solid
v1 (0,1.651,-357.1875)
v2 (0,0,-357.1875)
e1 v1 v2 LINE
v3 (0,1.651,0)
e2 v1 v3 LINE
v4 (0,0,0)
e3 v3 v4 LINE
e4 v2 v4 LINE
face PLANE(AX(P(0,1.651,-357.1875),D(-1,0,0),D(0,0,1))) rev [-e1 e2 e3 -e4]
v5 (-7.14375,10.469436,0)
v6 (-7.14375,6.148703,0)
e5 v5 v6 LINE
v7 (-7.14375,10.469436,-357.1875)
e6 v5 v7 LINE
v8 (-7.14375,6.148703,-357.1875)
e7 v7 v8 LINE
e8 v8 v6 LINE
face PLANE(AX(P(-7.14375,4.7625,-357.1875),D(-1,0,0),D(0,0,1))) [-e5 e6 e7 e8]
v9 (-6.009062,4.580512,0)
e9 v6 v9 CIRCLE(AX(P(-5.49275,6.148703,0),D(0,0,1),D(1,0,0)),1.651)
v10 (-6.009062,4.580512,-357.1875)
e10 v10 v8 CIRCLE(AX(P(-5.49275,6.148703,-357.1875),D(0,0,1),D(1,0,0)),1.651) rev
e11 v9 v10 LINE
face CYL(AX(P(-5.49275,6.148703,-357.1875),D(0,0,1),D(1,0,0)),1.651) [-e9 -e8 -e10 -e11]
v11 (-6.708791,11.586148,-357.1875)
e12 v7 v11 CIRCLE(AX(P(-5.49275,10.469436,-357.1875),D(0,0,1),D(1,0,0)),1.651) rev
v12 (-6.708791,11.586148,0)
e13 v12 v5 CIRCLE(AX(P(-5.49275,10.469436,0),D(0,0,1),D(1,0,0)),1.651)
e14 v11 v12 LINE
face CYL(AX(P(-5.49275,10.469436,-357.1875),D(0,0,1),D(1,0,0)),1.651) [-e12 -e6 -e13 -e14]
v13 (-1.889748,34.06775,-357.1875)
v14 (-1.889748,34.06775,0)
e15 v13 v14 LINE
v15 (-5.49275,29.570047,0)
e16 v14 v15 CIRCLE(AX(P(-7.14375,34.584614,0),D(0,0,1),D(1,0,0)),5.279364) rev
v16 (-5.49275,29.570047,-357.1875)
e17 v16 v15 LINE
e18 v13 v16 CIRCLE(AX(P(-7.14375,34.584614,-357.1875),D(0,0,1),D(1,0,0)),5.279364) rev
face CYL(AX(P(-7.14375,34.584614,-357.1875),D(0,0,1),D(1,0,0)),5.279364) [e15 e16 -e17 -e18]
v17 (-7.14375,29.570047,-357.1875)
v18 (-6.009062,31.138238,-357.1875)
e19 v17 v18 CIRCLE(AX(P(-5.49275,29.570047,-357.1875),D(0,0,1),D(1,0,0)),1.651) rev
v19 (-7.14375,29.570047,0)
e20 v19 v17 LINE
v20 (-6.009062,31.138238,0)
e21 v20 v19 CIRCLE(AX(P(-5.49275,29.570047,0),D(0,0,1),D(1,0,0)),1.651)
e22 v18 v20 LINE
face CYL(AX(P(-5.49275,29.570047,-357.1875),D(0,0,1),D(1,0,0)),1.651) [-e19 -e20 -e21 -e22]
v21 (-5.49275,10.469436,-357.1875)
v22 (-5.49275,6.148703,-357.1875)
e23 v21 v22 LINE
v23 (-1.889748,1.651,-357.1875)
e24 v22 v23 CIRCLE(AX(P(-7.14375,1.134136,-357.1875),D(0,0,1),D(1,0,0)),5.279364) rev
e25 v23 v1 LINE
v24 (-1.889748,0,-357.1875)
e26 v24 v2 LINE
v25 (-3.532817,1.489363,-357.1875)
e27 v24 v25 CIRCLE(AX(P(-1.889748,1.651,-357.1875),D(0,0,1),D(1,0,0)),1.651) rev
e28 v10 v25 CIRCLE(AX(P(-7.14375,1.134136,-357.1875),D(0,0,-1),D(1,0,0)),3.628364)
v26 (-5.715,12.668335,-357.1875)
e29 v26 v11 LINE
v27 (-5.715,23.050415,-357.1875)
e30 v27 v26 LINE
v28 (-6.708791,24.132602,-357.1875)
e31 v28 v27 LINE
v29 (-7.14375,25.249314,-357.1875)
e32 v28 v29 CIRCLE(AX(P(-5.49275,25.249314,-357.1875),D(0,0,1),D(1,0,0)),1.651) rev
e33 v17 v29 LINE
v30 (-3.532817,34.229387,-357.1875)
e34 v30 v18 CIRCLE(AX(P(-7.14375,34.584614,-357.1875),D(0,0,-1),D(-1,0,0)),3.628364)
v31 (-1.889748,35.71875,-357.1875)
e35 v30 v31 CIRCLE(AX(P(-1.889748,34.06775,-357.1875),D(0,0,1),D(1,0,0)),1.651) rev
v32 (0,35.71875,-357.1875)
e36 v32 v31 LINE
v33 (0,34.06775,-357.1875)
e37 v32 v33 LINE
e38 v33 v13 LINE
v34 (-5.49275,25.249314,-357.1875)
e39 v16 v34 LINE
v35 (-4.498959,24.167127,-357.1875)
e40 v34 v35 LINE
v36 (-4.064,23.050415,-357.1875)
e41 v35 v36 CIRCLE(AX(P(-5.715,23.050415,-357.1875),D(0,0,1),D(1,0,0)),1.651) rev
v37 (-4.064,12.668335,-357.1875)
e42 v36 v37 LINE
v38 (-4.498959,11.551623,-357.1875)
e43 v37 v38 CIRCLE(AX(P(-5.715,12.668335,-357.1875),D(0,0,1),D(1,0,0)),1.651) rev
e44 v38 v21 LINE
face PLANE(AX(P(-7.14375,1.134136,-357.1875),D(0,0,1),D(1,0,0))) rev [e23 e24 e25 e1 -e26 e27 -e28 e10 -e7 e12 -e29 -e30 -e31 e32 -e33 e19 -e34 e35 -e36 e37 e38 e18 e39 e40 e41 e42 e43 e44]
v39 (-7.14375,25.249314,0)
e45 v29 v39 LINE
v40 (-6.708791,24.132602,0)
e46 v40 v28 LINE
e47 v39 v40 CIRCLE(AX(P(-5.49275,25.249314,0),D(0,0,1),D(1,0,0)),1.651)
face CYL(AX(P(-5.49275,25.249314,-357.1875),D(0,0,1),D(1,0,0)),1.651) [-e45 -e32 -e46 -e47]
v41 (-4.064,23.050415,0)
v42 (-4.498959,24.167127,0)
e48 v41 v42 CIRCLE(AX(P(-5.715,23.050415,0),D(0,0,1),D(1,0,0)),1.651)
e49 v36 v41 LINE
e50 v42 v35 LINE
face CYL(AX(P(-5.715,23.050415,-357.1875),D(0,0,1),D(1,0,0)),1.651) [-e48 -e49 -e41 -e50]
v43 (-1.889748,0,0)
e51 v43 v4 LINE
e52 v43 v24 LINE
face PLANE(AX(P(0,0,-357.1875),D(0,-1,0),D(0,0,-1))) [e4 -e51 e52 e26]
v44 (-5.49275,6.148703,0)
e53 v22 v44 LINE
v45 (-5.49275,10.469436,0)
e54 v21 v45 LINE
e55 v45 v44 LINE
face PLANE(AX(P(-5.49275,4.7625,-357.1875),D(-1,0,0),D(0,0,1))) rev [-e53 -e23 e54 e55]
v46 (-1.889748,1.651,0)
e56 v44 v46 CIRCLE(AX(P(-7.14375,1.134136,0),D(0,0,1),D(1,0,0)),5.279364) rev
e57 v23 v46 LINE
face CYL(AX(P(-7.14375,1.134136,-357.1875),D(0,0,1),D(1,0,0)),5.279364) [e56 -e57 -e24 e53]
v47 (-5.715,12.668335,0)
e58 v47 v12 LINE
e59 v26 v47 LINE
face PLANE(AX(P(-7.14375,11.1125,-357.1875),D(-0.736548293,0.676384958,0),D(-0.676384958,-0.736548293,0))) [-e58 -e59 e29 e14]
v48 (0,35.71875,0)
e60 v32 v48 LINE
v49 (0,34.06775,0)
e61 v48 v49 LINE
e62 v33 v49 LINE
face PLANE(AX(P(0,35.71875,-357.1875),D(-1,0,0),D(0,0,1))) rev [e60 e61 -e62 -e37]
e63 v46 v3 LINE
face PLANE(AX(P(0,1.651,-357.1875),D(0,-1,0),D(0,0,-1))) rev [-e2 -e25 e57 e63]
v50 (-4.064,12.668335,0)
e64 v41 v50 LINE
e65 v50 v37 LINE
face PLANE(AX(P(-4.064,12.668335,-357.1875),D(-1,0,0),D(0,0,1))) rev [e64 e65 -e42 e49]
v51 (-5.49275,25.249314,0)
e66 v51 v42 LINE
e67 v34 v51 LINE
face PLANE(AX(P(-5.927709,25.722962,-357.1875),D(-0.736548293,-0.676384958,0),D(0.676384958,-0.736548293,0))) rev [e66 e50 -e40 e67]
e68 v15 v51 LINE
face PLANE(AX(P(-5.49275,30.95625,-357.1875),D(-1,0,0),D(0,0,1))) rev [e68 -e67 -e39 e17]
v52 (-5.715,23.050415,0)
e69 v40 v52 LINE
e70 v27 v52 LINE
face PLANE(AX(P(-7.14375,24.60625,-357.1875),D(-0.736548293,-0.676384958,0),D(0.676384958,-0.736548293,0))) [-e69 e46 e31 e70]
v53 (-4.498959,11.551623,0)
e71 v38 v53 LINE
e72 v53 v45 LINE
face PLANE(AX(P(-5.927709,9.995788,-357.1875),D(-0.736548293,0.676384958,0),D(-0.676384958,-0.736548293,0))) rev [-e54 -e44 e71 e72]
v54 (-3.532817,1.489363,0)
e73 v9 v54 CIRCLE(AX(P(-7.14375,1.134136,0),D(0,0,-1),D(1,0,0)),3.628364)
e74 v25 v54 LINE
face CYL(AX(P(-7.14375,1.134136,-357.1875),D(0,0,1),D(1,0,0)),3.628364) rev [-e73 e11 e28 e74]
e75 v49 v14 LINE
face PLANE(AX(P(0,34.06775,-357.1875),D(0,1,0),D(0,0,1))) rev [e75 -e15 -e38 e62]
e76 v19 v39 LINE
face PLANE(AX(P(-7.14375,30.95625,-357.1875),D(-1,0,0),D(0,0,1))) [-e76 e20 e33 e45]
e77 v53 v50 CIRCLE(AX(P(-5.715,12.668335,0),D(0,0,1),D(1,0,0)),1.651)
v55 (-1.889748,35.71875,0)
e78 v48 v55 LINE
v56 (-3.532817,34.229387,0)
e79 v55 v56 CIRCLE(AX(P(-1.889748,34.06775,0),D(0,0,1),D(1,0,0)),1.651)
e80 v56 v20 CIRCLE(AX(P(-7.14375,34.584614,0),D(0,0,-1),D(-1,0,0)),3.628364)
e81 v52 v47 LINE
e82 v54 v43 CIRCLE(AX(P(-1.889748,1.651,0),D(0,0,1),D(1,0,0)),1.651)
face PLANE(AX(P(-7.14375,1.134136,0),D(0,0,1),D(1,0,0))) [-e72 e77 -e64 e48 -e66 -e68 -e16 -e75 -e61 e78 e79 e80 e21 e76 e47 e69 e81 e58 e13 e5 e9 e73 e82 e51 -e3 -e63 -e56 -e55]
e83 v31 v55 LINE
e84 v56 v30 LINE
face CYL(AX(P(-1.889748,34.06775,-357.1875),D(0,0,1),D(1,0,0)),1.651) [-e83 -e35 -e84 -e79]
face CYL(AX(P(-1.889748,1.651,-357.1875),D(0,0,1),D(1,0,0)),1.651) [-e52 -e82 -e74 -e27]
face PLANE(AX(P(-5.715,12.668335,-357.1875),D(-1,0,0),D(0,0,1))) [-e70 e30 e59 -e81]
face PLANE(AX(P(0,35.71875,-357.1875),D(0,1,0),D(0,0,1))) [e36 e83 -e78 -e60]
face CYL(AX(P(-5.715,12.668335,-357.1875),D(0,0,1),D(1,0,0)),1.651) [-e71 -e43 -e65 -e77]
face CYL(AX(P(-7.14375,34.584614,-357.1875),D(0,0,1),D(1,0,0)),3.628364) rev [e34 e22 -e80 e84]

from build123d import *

# Parameters (mm, degrees)
EXTRUDE_THIN1_DEPTH = 357.1875
FILLET1_R           = 1.651


with BuildPart() as part:
    # Sketch1 → Extrude-Thin1 (new body)
    with BuildSketch(Plane.XY):
        with BuildLine():
            Line((0, 0), (-3.697192387, 0))
            ThreePointArc((-3.697192387, 0), (-4.204355265, 3.261336848), (-7.14375, 4.7625))
            Line((-7.14375, 4.7625), (-7.14375, 11.1125))
            Line((-7.14375, 11.1125), (-5.715, 12.668334975))
            Line((-5.715, 12.668334975), (-5.715, 23.050415025))
            Line((-5.715, 23.050415025), (-7.14375, 24.60625))
            Line((-7.14375, 24.60625), (-7.14375, 30.95625))
            ThreePointArc((-7.14375, 30.95625), (-4.204355265, 32.457413152), (-3.697192387, 35.71875))
            Line((-3.697192387, 35.71875), (0, 35.71875))
            Line((0, 35.71875), (0, 34.06775))
            Line((0, 34.06775), (-1.889748251, 34.06775))
            ThreePointArc((-1.889748251, 34.06775), (-3.02342288, 31.283918913), (-5.49275, 29.570046904))
            Line((-5.49275, 29.570046904), (-5.49275, 25.249313927))
            Line((-5.49275, 25.249313927), (-4.064, 23.693478952))
            Line((-4.064, 23.693478952), (-4.064, 12.025271048))
            Line((-4.064, 12.025271048), (-5.49275, 10.469436073))
            Line((-5.49275, 10.469436073), (-5.49275, 6.148703096))
            ThreePointArc((-5.49275, 6.148703096), (-3.02342288, 4.434831087), (-1.889748251, 1.651))
            Line((-1.889748251, 1.651), (0, 1.651))
            Line((0, 1.651), (0, 0))
        make_face()
    extrude(amount=-EXTRUDE_THIN1_DEPTH)

    # Fillet1
    fillet1_edges = [part.edges().sort_by_distance(p)[0] for p in [
        (-3.697192387, 0, -178.59375),
        (-7.14375, 4.7625, -178.59375),
        (-7.14375, 11.1125, -178.59375),
        (-7.14375, 24.60625, -178.59375),
        (-7.14375, 30.95625, -178.59375),
        (-3.697192387, 35.71875, -178.59375),
        (-4.064, 23.693478952, -178.59375),
        (-4.064, 12.025271048, -178.59375),
    ]]
    fillet(fillet1_edges, radius=FILLET1_R)


solid = part.part
